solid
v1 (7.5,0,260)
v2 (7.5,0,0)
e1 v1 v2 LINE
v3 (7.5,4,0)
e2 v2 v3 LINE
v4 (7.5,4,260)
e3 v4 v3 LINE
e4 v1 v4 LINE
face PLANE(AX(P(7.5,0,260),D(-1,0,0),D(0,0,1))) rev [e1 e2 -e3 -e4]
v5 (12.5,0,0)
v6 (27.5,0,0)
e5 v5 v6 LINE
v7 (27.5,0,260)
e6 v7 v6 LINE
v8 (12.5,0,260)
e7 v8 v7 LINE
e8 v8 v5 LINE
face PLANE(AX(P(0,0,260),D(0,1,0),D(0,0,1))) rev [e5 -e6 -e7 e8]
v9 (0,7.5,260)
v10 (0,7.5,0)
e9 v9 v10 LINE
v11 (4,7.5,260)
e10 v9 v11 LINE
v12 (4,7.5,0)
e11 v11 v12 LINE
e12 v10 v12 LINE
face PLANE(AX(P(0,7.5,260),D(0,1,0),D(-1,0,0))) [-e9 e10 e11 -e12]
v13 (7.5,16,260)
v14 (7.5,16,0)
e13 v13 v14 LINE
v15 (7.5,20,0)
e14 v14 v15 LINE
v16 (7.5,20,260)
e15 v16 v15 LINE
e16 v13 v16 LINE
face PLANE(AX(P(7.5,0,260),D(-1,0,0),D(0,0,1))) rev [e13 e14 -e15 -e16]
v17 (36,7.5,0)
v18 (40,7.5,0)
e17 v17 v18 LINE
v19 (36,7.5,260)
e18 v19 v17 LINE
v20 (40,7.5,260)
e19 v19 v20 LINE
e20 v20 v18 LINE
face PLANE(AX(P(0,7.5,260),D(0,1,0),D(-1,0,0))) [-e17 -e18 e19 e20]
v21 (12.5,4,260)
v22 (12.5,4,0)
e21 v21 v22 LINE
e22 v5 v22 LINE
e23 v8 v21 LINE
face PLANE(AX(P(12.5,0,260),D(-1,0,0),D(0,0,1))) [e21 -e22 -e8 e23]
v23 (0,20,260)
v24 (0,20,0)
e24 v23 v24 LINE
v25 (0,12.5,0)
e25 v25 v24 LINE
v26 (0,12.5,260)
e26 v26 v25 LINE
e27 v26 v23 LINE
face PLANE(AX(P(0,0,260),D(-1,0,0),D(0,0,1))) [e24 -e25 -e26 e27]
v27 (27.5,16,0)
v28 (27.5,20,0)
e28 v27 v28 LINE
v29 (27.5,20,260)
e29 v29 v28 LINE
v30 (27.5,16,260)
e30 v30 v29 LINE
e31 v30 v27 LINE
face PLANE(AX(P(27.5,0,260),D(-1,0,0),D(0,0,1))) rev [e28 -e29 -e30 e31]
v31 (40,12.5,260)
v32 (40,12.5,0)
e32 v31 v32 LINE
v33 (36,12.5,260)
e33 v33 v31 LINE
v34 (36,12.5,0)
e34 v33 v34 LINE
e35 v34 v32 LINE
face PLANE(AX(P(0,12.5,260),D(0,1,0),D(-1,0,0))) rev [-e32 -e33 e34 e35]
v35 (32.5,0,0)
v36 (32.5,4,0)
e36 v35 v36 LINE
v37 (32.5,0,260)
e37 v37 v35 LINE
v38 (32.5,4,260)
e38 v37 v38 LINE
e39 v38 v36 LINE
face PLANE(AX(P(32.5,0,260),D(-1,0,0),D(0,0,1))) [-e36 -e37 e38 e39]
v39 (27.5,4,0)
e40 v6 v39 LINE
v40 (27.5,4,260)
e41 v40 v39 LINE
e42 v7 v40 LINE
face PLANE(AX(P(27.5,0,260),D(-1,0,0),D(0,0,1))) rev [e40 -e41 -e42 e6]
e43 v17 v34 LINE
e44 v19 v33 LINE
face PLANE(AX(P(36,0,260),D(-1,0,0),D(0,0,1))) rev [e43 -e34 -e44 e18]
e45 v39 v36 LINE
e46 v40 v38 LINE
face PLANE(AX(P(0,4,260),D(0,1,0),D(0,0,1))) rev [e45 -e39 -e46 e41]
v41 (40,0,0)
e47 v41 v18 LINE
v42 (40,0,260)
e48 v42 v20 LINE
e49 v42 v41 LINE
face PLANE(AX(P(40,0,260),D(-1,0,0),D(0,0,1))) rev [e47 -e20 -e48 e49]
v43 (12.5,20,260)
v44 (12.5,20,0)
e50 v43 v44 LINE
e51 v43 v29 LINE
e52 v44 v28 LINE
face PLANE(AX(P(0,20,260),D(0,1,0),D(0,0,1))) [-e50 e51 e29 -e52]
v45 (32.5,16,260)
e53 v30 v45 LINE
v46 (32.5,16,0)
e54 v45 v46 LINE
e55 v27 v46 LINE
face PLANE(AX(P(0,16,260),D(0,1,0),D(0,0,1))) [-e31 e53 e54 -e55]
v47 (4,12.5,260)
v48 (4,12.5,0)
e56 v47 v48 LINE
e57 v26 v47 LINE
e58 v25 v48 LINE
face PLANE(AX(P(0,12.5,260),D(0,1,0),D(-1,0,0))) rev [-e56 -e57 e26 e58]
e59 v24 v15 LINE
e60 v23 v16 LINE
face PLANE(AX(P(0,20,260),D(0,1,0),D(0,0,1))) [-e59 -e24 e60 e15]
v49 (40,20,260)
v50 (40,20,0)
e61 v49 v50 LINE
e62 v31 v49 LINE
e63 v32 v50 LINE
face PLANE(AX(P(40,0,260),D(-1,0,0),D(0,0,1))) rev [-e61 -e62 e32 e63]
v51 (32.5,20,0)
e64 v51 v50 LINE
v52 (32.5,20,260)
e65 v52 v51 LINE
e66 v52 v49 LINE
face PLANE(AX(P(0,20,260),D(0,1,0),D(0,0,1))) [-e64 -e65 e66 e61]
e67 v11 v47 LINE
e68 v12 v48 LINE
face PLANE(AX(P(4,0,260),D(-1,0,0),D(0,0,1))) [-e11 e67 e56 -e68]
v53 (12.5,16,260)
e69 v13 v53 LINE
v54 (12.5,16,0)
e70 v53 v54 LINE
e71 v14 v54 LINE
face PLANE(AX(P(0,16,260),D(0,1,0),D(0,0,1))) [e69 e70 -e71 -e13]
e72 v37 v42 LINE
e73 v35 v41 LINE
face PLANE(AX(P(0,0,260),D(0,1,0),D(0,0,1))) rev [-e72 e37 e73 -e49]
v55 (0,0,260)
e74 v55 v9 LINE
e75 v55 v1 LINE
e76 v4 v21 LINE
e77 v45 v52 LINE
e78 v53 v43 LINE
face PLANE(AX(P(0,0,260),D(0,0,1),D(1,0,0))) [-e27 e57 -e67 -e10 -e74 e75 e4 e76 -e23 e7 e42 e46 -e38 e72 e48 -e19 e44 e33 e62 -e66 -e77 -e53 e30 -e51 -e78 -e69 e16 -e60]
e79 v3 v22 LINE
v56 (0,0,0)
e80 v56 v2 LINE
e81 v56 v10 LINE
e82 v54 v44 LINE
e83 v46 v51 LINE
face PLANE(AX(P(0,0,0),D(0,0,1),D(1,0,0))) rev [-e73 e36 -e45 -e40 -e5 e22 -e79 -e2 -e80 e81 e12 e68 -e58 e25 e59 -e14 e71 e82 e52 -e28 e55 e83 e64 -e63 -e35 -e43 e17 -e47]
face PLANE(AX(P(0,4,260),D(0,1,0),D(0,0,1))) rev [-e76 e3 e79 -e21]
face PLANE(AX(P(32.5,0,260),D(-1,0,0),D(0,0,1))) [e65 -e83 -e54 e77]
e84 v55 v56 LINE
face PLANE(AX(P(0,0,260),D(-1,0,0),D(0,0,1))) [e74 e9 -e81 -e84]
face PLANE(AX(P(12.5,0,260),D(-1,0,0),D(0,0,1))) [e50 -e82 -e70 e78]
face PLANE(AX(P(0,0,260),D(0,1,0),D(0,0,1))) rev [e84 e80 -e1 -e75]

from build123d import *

# Parameters (mm, degrees)
ESQUISSE1_W        = 3.5
ESQUISSE1_H        = 5
ESQUISSE1_W_2      = 5
ESQUISSE1_H_2      = 3.5
ESQUISSE1_W_3      = 4
BOSS_EXTRU_1_DEPTH = 260


with BuildPart() as part:
    # Esquisse1 → Boss.-Extru.1 (new body)
    with BuildSketch(Plane.XY):
        Polygon((7.5, 16), (7.5, 20), (0, 20), (4, 16), align=None)
        Polygon((4, 16), (0, 20), (0, 12.5), (4, 12.5), align=None)
        Polygon((4, 7.5), (0, 7.5), (0, 0), (4, 4), align=None)
        Polygon((0, 0), (7.5, 0), (7.5, 4), (4, 4), align=None)
        Polygon((4, 4), (7.5, 7.5), (4, 7.5), align=None)
        Polygon((7.5, 4), (7.5, 7.5), (4, 4), align=None)
        Polygon((4, 12.5), (7.5, 12.5), (4, 16), align=None)
        Polygon((7.5, 12.5), (7.5, 16), (4, 16), align=None)
        with Locations((5.75, 10)):
            Rectangle(ESQUISSE1_W, ESQUISSE1_H)
        Polygon((7.5, 7.5), (10, 10), (7.5, 12.5), align=None)
        Polygon((10, 10), (12.5, 12.5), (7.5, 12.5), align=None)
        Polygon((12.5, 7.5), (12.5, 12.5), (10, 10), align=None)
        Polygon((12.5, 7.5), (10, 10), (7.5, 7.5), align=None)
        Polygon((16, 4), (12.5, 7.5), (12.5, 4), align=None)
        Polygon((16, 4), (16, 7.5), (12.5, 7.5), align=None)
        Polygon((20, 0), (20, 7.5), (16, 7.5), (16, 4), align=None)
        with Locations((10, 14.25)):
            Rectangle(ESQUISSE1_W_2, ESQUISSE1_H_2)
        with Locations((14.25, 10)):
            Rectangle(ESQUISSE1_W, ESQUISSE1_H)
        Polygon((12.5, 12.5), (16, 16), (12.5, 16), align=None)
        Polygon((16, 16), (20, 20), (12.5, 20), (12.5, 16), align=None)
        Polygon((16, 12.5), (16, 16), (12.5, 12.5), align=None)
        Polygon((20, 12.5), (20, 20), (16, 16), (16, 12.5), align=None)
        Polygon((12.5, 0), (20, 0), (16, 4), (12.5, 4), align=None)
        with Locations((10, 5.75)):
            Rectangle(ESQUISSE1_W_2, ESQUISSE1_H_2)
        with Locations((18, 10)):
            Rectangle(ESQUISSE1_W_3, ESQUISSE1_H)
        with Locations((22, 10)):
            Rectangle(ESQUISSE1_W_3, ESQUISSE1_H)
        Polygon((24, 16), (20, 20), (20, 12.5), (24, 12.5), align=None)
        Polygon((27.5, 20), (20, 20), (24, 16), (27.5, 16), align=None)
        Polygon((27.5, 12.5), (24, 16), (24, 12.5), align=None)
        Polygon((27.5, 16), (24, 16), (27.5, 12.5), align=None)
        with Locations((25.75, 10)):
            Rectangle(ESQUISSE1_W, ESQUISSE1_H)
        Polygon((27.5, 7.5), (24, 7.5), (24, 4), align=None)
        Polygon((24, 7.5), (20, 7.5), (20, 0), (24, 4), align=None)
        Polygon((24, 4), (20, 0), (27.5, 0), (27.5, 4), align=None)
        Polygon((27.5, 4), (27.5, 7.5), (24, 4), align=None)
        with Locations((30, 5.75)):
            Rectangle(ESQUISSE1_W_2, ESQUISSE1_H_2)
        Polygon((36, 4), (32.5, 7.5), (32.5, 4), align=None)
        Polygon((36, 7.5), (32.5, 7.5), (36, 4), align=None)
        Polygon((40, 0), (40, 7.5), (36, 7.5), (36, 4), align=None)
        Polygon((32.5, 4), (32.5, 0), (40, 0), (36, 4), align=None)
        with Locations((34.25, 10)):
            Rectangle(ESQUISSE1_W, ESQUISSE1_H)
        Polygon((32.5, 12.5), (30, 10), (32.5, 7.5), align=None)
        Polygon((32.5, 7.5), (30, 10), (27.5, 7.5), align=None)
        Polygon((30, 10), (27.5, 12.5), (27.5, 7.5), align=None)
        Polygon((32.5, 12.5), (27.5, 12.5), (30, 10), align=None)
        Polygon((36, 16), (32.5, 12.5), (36, 12.5), align=None)
        Polygon((36, 16), (32.5, 16), (32.5, 12.5), align=None)
        Polygon((40, 20), (32.5, 20), (32.5, 16), (36, 16), align=None)
        Polygon((40, 12.5), (40, 20), (36, 16), (36, 12.5), align=None)
        with Locations((30, 14.25)):
            Rectangle(ESQUISSE1_W_2, ESQUISSE1_H_2)
    extrude(amount=BOSS_EXTRU_1_DEPTH)


solid = part.part
